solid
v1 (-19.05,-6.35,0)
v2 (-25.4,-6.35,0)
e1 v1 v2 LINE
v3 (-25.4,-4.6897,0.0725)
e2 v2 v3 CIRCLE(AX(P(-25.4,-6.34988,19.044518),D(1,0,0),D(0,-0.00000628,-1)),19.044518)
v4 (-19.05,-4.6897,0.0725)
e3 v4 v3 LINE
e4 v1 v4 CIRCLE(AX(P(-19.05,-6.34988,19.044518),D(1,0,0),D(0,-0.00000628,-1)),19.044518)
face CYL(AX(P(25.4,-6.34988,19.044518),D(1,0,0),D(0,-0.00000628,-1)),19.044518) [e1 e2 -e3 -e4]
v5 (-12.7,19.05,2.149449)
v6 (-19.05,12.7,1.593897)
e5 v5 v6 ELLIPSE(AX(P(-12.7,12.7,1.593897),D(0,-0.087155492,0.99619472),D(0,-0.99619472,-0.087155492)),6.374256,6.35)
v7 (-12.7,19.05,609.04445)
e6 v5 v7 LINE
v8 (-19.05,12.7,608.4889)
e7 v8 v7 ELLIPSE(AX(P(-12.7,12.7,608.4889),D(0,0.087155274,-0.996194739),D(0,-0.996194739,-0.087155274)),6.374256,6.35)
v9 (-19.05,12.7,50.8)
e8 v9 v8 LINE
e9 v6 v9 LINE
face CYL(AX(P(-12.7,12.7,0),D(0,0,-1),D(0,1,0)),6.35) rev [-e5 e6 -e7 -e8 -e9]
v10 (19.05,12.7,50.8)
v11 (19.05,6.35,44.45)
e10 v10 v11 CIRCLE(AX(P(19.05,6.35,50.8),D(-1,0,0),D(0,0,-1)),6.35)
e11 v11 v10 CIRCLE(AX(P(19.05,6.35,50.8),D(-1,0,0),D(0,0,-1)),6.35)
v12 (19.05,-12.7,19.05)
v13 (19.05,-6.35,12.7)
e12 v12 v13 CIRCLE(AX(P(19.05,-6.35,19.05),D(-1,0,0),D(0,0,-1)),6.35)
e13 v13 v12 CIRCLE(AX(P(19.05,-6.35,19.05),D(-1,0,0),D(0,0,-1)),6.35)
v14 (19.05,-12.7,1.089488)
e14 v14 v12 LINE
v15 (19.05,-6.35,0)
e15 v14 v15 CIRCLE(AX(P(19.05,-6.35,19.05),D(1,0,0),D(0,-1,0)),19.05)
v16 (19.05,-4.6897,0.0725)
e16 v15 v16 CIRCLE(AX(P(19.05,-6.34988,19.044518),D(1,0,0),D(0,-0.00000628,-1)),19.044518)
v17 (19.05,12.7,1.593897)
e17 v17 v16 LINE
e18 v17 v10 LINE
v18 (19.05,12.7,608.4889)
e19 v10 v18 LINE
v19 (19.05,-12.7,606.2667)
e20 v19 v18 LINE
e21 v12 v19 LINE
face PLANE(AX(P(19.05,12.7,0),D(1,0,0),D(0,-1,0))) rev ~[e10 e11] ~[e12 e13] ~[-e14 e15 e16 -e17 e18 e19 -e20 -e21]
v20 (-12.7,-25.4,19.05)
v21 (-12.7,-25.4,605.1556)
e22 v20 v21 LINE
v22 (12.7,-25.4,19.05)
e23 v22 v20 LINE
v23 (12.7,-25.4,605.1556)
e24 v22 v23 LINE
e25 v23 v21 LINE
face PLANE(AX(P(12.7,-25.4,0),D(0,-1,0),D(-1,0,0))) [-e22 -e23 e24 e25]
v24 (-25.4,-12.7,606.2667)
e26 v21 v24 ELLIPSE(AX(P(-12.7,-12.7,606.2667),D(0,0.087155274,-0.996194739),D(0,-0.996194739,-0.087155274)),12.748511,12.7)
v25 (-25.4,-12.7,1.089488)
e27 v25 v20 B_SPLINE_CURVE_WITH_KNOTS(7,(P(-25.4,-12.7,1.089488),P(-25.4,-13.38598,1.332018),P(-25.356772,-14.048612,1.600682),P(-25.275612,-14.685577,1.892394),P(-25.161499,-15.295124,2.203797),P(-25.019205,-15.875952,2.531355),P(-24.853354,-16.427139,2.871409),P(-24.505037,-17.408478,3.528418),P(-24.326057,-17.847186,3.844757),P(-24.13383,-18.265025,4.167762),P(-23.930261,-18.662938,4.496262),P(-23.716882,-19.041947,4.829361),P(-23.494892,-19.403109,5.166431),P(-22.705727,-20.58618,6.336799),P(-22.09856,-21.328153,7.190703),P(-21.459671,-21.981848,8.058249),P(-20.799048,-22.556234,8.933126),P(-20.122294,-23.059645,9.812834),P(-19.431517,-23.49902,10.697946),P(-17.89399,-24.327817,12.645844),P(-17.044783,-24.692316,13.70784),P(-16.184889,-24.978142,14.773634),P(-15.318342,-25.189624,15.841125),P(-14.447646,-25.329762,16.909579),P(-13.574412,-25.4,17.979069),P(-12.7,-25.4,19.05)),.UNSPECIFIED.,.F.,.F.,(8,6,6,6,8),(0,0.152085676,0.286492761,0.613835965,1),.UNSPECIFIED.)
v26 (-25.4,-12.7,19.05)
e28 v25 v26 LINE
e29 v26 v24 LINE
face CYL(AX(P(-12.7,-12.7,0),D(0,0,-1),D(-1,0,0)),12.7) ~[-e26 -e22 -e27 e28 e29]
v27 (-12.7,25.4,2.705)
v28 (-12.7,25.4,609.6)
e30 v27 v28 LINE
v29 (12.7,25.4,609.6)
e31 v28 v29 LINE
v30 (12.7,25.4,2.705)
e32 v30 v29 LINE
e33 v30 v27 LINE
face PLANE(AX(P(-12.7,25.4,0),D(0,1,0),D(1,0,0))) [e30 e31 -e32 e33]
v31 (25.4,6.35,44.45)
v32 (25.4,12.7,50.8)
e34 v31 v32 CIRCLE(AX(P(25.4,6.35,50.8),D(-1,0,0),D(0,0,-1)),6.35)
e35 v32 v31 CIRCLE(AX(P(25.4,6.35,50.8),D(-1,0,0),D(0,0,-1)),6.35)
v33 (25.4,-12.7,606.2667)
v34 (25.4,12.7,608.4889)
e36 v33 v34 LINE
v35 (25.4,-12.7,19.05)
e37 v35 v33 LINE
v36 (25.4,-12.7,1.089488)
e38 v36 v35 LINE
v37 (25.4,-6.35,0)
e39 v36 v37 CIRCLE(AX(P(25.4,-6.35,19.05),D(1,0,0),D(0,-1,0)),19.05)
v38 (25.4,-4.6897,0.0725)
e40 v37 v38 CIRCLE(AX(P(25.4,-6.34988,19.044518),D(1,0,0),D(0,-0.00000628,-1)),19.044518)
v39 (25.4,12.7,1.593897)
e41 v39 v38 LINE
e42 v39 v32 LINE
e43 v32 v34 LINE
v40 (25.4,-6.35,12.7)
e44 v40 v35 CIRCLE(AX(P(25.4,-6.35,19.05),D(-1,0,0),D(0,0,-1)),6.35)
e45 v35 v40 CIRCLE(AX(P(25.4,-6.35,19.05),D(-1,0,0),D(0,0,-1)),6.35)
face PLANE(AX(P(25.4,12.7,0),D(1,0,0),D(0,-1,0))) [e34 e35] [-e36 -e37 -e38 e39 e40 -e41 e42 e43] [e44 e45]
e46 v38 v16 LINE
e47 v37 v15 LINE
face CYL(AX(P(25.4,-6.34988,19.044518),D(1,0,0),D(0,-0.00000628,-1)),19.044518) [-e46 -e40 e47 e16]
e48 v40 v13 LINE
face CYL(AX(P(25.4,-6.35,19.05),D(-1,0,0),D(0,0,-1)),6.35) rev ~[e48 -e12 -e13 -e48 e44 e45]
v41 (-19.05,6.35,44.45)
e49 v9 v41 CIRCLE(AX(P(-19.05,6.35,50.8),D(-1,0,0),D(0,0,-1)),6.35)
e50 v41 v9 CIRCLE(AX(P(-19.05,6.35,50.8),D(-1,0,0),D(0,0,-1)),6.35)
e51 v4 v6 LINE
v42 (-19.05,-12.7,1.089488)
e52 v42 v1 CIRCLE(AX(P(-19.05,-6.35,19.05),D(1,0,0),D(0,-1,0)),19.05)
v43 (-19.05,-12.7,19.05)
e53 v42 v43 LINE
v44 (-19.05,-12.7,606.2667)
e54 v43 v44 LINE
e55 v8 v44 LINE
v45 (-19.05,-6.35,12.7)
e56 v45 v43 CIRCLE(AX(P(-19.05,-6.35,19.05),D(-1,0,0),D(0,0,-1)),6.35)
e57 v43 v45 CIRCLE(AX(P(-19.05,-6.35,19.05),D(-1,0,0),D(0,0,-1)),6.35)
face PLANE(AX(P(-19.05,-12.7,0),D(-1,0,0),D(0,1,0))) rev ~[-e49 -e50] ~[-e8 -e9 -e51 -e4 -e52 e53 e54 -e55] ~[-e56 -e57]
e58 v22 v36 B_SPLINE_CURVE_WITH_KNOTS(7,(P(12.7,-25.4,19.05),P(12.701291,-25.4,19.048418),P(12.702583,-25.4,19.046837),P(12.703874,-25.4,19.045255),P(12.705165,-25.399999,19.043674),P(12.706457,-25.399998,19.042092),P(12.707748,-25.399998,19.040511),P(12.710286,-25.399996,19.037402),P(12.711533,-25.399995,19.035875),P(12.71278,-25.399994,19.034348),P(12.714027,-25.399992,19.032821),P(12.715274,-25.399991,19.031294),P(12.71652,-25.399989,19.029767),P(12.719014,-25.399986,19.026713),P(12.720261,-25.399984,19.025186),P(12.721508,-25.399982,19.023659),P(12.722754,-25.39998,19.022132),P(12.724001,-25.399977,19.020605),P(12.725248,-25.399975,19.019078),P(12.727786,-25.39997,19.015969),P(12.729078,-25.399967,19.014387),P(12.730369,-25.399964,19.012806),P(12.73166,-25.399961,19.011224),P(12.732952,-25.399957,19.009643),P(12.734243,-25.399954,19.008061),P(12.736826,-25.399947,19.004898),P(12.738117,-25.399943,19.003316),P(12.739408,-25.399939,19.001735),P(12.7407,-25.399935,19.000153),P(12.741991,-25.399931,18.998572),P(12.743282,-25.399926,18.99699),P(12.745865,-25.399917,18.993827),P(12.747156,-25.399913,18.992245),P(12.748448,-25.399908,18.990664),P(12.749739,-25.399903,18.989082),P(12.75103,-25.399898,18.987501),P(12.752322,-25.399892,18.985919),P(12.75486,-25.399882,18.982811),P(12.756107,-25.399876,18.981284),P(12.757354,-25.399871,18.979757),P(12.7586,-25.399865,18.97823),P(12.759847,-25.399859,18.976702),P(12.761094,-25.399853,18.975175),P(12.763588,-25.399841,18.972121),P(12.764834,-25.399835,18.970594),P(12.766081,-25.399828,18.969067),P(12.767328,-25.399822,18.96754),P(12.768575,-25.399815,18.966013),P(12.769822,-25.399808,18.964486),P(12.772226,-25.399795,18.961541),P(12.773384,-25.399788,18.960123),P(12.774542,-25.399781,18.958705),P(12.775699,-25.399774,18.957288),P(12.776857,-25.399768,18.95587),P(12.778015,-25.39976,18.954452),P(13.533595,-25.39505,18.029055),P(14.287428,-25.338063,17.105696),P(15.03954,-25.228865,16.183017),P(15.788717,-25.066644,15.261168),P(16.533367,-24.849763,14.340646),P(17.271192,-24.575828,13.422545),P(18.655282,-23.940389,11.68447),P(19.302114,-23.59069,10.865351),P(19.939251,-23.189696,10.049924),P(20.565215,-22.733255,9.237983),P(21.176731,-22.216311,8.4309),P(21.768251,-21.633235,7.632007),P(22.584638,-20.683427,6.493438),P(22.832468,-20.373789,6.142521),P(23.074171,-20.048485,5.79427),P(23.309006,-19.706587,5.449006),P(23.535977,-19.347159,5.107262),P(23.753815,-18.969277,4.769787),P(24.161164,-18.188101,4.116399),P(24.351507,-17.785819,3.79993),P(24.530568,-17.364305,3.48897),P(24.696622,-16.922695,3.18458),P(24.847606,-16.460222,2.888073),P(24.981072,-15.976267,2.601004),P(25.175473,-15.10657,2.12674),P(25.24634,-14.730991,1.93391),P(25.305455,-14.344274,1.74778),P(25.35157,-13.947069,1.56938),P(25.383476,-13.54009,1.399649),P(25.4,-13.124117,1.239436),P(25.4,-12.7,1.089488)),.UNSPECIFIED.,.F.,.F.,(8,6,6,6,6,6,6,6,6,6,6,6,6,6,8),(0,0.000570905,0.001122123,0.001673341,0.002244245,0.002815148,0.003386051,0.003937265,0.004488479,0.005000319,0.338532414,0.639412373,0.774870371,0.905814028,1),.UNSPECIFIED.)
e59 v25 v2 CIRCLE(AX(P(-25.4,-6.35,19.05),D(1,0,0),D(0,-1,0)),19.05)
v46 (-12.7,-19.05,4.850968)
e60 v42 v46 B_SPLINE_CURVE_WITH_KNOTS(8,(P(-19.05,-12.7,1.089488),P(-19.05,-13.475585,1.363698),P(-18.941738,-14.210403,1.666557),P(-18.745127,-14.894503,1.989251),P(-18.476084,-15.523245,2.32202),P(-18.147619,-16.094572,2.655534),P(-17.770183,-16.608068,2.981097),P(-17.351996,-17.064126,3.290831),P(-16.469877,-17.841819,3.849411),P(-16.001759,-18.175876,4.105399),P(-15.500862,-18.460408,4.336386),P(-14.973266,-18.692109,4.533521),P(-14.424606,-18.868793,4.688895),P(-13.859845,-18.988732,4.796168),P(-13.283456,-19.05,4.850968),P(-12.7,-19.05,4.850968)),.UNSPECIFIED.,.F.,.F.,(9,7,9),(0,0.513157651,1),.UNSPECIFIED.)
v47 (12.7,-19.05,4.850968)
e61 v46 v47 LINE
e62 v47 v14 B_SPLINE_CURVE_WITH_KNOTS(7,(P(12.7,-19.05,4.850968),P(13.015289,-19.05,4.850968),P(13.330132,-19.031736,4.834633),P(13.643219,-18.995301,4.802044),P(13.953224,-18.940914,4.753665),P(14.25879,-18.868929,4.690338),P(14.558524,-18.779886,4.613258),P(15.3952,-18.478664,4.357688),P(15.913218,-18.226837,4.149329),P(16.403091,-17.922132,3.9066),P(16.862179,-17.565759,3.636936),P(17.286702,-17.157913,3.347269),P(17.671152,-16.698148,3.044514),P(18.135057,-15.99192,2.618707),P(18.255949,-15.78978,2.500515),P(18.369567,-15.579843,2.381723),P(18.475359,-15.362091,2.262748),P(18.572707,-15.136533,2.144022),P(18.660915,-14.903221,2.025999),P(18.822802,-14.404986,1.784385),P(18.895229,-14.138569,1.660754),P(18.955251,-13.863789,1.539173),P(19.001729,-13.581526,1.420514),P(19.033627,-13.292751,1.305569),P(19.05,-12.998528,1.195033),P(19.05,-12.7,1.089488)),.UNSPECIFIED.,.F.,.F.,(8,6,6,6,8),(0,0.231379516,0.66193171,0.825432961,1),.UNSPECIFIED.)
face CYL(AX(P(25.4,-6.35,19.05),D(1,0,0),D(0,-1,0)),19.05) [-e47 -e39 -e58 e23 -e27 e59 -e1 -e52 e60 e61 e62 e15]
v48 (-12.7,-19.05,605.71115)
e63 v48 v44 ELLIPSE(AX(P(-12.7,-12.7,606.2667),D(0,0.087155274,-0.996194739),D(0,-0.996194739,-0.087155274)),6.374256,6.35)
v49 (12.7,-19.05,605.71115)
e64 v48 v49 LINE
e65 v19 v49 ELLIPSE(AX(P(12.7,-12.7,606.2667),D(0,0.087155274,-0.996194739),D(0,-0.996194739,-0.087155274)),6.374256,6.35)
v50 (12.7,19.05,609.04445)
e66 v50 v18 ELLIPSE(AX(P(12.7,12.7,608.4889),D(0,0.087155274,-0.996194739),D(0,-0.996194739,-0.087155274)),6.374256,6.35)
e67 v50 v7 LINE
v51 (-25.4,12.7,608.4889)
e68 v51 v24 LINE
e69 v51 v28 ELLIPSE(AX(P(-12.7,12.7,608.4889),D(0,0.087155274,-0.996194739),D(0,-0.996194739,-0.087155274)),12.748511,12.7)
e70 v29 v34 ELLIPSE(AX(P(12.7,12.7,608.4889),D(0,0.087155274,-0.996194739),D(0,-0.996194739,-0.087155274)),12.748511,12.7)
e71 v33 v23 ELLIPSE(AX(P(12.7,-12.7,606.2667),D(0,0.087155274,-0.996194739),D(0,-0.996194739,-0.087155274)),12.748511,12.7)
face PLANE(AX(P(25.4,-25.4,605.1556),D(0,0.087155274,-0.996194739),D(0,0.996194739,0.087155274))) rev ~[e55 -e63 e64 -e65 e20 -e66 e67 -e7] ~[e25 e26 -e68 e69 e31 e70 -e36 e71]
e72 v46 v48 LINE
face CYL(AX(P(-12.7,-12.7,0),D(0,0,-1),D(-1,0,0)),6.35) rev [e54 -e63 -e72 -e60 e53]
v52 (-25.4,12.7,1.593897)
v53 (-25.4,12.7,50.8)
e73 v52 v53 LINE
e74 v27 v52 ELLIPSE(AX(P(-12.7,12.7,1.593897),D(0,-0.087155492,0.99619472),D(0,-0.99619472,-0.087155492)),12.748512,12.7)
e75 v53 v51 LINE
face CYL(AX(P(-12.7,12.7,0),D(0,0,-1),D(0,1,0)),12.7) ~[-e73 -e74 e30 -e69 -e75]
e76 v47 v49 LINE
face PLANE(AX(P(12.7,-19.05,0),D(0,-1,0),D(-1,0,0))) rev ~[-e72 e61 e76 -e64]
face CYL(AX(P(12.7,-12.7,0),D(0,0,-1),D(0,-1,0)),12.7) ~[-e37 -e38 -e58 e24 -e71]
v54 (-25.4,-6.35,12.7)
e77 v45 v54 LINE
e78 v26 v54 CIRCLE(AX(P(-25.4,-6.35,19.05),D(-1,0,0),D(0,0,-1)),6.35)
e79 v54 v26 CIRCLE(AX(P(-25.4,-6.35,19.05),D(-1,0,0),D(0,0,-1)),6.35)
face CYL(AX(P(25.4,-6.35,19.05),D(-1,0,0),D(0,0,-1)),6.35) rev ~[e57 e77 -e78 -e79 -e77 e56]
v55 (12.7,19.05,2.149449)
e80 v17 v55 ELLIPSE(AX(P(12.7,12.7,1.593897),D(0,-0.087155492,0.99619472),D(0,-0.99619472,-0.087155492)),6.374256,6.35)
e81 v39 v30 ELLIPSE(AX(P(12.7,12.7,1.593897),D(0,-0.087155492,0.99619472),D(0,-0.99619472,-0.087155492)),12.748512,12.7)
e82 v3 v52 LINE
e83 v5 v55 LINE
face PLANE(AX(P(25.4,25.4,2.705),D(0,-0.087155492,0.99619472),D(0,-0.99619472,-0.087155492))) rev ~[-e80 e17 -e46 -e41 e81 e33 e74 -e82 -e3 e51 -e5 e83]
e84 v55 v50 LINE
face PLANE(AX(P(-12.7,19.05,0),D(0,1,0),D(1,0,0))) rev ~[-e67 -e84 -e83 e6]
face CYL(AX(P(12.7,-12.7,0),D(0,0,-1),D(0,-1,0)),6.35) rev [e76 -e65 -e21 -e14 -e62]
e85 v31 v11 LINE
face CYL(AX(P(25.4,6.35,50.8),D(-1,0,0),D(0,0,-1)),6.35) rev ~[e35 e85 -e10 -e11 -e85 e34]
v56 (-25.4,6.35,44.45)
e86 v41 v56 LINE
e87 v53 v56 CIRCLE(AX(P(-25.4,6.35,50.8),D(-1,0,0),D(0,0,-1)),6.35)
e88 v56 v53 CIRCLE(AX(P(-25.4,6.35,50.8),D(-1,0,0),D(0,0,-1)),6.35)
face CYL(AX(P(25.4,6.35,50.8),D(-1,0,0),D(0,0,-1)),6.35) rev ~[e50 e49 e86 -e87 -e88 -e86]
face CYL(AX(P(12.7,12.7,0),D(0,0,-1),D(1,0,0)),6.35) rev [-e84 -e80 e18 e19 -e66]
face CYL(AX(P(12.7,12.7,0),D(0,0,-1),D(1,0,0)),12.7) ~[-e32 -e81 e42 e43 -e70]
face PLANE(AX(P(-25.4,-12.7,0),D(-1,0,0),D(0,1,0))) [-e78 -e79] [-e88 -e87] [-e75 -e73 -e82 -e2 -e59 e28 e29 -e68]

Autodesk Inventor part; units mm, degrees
ref_plane "YZ Plane" through (0, 0, 0) normal (1, 0, 0) x (0, 1, 0)
ref_plane "Start plane" through (0, 0, 0) normal (0, 0, 1) x (1, 0, 0)
ref_plane "End plane" through (0, 0, 609.6) normal (0, 0, 1) x (1, 0, 0)
sketch "Sketch" plane through (0, 0, 0) normal (0, 0, 1) x (1, 0, 0)
  line L0 (-25.4, -12.7) -> (-25.4, 12.7)
  line L1 (-12.7, 25.4) -> (12.7, 25.4)
  line L2 (25.4, 12.7) -> (25.4, -12.7)
  line L3 (12.7, -25.4) -> (-12.7, -25.4)
  arc A0 (-25.4, -12.7) -> (-12.7, -25.4) centre (-12.7, -12.7) ccw
  arc A1 (-12.7, 25.4) -> (-25.4, 12.7) centre (-12.7, 12.7) ccw
  arc A2 (25.4, 12.7) -> (12.7, 25.4) centre (12.7, 12.7) ccw
  arc A3 (12.7, -25.4) -> (25.4, -12.7) centre (12.7, -12.7) ccw
  arc A4 (-12.7, 19.05) -> (-19.05, 12.7) centre (-12.7, 12.7) ccw
  line L4 (-12.7, 19.05) -> (12.7, 19.05)
  arc A5 (19.05, 12.7) -> (12.7, 19.05) centre (12.7, 12.7) ccw
  line L5 (19.05, 12.7) -> (19.05, -12.7)
  arc A6 (12.7, -19.05) -> (19.05, -12.7) centre (12.7, -12.7) ccw
  line L6 (12.7, -19.05) -> (-12.7, -19.05)
  arc A7 (-19.05, -12.7) -> (-12.7, -19.05) centre (-12.7, -12.7) ccw
  line L7 (-19.05, -12.7) -> (-19.05, 12.7)
  line L8 (0, 39.2424) -> (0, -39.2424) construction
  line L9 (-39.2424, 0) -> (39.2424, 0) construction
  dimension "d10" = 50.8
  dimension "d11" = 50.8
  dimension "d12" = 6.35
  dimension "d15" = 25.4
  dimension "d16" = 25.4
  dimension "d17" = 12.7
extrude "Body" add sketch "Sketch" along normal up to surface (609.6 mm away) from surface at 0
sketch "Sketch3" plane through (0, 0, 0) normal (0, 0, 1) x (1, 0, 0)
  line L0 (0, 0) -> (10, 0)
ref_plane "Work Plane3" through (0, 0, 0) normal (0, -1, 0) x (1, 0, 0)
sketch "Sketch4" plane through (0, 0, 0) normal (0, -1, 0) x (1, 0, 0)
  line L0 (-2, 0) -> (12, 0)
  line L1 (-2, 609.6) -> (12, 609.6)
  dimension "d19" = 609.6
sketch "Sketch5" plane through (25.4, -12.7, 609.6) normal (1, 0, 0) x (0, 0, -1)
  line L0 (609.6, 25.4) -> (609.6, 38.1) projected
  line L1 (609.6, 25.4) -> (609.6, 0) projected
  line L2 (609.6, -12.7) -> (609.6, 0) projected
  line L3 (609.6, 38.1) -> (606.895, 38.1)
  line L4 (606.895, 38.1) -> (609.5275, 8.0103)
  line L5 (609.6, -12.7) -> (590.55, -12.7)
  arc A0 (609.6, 6.35) -> (609.5275, 8.0103) centre (590.55, 6.35) ccw
  arc A1 (590.55, -12.7) -> (609.6, 6.35) centre (590.55, 6.35) ccw
  line L6 (0, 25.4) -> (0, 38.1) projected
  line L7 (0, 25.4) -> (0, 0) projected
  line L8 (0, -12.7) -> (0, 0) projected
  line L9 (0, -12.7) -> (4.4444, -12.7)
  line L10 (4.4444, -12.7) -> (0, 38.1)
  point P0 (609.6, 12.7)
  dimension "d20" = 5
  dimension "d23" = 19.05
extrude "Extrusion2" cut sketch "Sketch5" against normal through all
hole "Hole1" at (25.4, -6.35, 19.05) direction (-1, 0, 0) diameter 12.7 end through all
sketch "Sketch6" plane through (25.4, 12.7, 608.4889) normal (1, 0, 0) x (0, 0, -1)
  point P0 (608.4889, -12.7)
  point P1 (557.6889, -6.35)
  dimension "d33" = 50.8
  dimension "d34" = 6.35
hole "Hole2" at (25.4, 6.35, 50.8) direction (-1, 0, 0) diameter 12.7 end through all
equation "\"d10\" = G_H"
equation "\"d11\" = G_W"
equation "\"d12\" = G_T"
equation "\"d15\" = 0.5 * d10"
equation "\"d16\" = 0.5 * d11"
equation "\"d17\" = G_IR"
equation "\"d3\" = G_L"
equation "\"G_W\" = 50.8"
equation "\"G_H\" = 50.8"
equation "\"G_T\" = 6.35"
equation "\"G_IR\" = 12.7"
equation "\"G_L\" = d19"
equation "\"G_OFFSET_START\" = 0"
equation "\"G_OFFSET_END\" = 0"
equation "\"d14\" = G_OFFSET_END + B_L"
equation "\"B_L\" = 609.6"
properties part number "A1-18002-200-01 Leg tube" material "Steel, Mild"
